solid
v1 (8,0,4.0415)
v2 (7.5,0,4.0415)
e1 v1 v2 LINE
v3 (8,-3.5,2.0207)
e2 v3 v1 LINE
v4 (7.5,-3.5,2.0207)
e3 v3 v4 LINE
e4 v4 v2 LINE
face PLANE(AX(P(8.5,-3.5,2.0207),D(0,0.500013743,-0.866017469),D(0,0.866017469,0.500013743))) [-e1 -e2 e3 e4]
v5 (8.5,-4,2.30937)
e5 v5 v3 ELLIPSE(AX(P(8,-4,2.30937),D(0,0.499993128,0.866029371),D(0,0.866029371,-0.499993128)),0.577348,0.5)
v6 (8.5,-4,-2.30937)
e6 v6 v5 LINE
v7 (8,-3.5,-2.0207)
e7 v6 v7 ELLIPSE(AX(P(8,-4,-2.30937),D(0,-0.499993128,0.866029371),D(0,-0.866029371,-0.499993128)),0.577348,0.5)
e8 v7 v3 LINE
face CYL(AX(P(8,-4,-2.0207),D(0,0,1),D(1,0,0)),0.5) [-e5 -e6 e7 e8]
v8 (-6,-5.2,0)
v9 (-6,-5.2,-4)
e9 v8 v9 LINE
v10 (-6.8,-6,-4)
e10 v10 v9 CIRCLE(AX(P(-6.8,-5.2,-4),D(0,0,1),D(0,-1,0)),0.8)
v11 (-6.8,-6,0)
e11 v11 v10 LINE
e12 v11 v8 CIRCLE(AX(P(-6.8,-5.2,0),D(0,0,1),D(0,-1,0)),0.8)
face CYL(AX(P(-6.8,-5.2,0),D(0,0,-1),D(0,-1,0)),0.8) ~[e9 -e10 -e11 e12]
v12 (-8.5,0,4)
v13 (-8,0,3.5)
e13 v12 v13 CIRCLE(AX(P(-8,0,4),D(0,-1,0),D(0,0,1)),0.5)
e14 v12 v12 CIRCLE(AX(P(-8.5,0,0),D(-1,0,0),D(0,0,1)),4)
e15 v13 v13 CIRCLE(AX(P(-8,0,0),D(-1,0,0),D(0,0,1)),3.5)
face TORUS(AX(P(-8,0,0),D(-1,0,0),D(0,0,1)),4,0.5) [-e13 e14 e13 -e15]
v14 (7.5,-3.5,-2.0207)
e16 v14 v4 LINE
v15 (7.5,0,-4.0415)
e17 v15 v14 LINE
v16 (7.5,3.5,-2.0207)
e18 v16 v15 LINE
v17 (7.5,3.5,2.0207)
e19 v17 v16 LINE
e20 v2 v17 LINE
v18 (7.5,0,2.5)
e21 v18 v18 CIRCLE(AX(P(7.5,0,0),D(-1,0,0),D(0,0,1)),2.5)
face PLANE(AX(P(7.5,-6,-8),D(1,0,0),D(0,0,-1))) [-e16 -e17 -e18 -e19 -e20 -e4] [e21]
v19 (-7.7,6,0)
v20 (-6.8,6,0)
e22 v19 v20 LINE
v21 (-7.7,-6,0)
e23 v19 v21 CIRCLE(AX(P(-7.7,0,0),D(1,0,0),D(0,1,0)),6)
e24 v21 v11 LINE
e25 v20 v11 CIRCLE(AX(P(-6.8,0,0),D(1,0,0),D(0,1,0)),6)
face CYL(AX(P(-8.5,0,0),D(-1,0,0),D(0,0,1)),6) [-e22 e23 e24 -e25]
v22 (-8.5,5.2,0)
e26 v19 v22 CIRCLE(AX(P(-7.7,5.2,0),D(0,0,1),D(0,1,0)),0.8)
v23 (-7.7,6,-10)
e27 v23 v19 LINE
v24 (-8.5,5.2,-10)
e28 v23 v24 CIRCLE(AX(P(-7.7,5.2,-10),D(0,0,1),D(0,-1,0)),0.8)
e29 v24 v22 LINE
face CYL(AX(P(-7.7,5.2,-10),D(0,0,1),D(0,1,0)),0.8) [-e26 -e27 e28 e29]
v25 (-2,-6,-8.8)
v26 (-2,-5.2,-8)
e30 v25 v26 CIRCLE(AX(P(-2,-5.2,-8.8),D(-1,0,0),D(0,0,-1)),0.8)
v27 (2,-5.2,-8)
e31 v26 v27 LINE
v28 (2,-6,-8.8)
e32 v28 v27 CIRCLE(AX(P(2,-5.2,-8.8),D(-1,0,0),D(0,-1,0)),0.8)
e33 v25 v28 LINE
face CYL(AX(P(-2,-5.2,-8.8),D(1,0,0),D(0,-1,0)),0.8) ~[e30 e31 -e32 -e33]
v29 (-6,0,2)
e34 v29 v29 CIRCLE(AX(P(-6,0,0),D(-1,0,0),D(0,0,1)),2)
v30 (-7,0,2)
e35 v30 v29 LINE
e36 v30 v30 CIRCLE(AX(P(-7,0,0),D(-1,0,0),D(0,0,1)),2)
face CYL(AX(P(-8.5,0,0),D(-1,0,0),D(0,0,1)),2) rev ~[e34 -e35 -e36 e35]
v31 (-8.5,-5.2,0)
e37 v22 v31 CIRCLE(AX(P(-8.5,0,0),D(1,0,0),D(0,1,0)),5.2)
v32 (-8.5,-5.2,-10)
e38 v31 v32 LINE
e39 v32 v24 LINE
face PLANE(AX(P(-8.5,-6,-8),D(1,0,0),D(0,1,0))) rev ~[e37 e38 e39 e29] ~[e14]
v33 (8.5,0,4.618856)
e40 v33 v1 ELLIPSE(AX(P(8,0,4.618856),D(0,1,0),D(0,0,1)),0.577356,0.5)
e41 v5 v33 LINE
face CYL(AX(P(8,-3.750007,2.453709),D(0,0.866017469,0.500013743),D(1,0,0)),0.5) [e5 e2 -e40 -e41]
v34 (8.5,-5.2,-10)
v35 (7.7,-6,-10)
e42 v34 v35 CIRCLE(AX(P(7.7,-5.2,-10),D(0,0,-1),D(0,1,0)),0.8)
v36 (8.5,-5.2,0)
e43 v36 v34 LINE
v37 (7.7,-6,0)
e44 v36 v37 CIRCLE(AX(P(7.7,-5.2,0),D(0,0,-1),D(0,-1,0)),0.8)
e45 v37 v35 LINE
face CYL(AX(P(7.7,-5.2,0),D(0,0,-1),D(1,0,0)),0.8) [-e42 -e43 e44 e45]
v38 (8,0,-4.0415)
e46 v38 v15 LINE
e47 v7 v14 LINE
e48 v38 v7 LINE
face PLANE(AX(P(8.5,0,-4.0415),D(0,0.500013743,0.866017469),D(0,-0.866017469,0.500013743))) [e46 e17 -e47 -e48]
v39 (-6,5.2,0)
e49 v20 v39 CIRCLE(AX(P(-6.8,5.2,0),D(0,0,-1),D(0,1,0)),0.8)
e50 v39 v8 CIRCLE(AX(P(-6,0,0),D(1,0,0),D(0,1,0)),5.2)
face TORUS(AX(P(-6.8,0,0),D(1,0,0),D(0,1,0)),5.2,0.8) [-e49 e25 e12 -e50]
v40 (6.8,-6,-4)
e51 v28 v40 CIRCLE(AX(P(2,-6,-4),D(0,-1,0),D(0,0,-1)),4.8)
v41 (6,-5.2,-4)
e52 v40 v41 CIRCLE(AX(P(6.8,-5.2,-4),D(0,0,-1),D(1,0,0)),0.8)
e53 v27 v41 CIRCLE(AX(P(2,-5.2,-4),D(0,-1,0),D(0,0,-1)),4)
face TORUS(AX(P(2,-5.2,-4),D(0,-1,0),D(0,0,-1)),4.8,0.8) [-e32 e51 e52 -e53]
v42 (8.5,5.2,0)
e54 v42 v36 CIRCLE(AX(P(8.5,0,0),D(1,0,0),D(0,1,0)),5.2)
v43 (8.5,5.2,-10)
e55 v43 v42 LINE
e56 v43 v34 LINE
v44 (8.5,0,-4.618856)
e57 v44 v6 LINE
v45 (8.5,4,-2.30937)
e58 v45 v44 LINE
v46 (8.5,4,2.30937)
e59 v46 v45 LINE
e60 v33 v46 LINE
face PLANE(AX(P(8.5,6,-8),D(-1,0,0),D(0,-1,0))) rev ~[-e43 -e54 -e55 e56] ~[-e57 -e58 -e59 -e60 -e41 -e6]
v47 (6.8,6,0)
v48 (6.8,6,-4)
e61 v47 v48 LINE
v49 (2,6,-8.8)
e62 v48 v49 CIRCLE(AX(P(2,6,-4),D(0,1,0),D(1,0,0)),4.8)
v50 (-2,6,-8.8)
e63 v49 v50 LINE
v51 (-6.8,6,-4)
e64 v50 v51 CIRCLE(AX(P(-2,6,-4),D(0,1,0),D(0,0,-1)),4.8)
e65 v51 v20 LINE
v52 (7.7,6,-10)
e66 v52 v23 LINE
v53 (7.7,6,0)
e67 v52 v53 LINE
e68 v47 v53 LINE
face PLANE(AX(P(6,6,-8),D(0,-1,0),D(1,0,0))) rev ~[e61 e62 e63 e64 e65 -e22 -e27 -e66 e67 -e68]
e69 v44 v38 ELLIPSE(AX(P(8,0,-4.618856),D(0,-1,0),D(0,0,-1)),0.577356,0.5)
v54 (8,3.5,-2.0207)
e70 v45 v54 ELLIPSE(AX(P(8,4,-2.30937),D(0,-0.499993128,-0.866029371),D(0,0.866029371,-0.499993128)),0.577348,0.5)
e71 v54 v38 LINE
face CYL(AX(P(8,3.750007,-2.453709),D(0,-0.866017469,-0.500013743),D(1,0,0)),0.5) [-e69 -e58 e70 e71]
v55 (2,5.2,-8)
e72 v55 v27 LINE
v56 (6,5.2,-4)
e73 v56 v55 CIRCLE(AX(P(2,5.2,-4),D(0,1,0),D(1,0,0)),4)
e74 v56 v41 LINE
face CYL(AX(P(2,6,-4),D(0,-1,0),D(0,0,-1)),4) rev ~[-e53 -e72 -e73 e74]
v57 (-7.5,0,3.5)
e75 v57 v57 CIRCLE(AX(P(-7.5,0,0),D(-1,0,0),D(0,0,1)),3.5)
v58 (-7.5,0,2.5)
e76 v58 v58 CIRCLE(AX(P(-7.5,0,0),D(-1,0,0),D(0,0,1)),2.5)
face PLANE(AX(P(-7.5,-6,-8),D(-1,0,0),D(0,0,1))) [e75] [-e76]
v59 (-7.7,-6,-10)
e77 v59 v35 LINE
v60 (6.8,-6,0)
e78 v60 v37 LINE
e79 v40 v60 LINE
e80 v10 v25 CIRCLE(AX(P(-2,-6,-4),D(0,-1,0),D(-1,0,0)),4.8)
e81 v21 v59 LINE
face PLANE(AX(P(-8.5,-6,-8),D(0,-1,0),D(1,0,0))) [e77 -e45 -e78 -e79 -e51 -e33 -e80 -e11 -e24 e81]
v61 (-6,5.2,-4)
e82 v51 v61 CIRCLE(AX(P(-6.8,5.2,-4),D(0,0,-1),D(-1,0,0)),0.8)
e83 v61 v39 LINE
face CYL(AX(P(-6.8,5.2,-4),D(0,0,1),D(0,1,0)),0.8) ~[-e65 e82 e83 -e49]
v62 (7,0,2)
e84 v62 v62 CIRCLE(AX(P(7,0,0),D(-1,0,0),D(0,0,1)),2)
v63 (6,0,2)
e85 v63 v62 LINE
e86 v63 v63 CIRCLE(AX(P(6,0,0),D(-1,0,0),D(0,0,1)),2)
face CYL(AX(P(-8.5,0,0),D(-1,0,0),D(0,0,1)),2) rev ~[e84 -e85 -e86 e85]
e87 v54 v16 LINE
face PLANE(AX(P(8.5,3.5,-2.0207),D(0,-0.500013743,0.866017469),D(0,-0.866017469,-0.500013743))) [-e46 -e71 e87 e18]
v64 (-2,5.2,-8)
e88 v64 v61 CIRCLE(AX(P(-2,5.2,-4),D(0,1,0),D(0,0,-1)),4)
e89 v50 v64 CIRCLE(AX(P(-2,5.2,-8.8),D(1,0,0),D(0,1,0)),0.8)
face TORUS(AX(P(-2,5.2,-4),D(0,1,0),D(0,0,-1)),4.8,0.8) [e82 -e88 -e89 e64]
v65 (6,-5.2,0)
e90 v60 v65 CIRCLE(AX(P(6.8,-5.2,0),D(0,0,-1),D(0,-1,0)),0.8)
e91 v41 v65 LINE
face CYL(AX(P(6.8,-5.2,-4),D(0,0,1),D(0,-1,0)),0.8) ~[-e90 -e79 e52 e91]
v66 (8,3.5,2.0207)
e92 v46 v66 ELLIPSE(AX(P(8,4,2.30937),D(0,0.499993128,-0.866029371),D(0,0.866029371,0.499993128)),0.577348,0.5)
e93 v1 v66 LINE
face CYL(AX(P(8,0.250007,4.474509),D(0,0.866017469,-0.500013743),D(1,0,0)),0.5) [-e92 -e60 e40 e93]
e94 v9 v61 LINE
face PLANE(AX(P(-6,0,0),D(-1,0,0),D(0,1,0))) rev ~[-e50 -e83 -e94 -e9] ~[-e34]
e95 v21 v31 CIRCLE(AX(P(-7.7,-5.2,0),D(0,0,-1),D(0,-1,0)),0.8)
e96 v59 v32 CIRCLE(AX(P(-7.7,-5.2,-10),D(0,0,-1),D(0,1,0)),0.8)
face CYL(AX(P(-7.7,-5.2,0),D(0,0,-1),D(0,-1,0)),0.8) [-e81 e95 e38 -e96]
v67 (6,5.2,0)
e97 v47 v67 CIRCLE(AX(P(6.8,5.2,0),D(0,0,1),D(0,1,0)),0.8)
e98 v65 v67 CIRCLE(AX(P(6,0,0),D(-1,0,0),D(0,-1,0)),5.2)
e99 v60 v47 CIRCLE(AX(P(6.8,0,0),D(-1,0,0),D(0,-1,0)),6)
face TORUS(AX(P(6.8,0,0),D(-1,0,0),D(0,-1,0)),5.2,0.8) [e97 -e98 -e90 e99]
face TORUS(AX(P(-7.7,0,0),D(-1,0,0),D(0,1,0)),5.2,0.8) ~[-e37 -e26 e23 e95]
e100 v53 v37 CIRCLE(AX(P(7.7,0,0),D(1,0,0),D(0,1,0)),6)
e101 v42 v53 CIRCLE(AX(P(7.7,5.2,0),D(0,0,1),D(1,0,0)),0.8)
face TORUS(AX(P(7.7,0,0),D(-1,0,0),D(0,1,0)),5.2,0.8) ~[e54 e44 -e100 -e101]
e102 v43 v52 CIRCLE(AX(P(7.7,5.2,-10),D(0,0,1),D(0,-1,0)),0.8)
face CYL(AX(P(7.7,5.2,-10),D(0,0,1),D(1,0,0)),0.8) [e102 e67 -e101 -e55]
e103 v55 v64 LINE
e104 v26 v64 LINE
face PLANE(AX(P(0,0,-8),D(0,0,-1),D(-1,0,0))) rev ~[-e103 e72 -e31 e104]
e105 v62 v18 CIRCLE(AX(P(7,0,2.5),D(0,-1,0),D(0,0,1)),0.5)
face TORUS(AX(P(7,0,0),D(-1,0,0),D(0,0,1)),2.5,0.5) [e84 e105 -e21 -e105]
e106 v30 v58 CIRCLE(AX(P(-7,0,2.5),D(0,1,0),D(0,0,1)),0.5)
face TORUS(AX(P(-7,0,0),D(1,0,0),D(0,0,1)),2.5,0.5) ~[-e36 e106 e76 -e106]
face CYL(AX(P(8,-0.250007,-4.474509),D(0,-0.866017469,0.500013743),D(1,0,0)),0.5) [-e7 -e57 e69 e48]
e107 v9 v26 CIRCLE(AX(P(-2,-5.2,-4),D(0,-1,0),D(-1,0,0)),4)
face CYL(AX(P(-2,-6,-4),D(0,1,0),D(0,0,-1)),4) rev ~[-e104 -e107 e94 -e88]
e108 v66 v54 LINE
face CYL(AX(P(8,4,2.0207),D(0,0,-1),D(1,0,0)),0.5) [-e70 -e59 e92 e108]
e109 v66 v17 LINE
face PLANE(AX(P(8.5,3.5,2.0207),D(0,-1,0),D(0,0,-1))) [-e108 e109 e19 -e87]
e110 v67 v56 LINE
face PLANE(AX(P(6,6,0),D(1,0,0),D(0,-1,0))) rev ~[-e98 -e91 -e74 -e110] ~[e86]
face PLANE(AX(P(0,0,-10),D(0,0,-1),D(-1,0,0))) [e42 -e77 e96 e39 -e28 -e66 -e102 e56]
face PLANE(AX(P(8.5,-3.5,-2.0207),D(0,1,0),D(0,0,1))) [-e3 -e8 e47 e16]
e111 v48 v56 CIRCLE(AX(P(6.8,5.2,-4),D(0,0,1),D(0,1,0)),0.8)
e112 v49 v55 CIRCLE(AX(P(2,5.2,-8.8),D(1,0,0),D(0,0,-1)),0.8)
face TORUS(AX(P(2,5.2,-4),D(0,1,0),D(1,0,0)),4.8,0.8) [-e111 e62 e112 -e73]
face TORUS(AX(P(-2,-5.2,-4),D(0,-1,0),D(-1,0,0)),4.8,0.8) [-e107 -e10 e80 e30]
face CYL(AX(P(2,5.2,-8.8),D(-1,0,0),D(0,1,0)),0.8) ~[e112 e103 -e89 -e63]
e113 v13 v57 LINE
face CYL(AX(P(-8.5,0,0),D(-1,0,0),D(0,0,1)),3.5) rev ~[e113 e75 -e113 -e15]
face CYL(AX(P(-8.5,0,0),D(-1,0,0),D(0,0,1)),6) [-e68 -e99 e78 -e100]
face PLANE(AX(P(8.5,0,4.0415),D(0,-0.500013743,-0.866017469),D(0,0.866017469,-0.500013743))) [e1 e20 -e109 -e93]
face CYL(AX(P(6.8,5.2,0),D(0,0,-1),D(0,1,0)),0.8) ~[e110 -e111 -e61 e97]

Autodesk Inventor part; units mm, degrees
ref_plane "YZ Plane" through (0, 0, 0) normal (1, 0, 0) x (0, 1, 0)
ref_plane "XZ Plane" through (0, 0, 0) normal (0, 1, 0) x (-1, 0, 0)
ref_plane "XY Plane" through (0, 0, 0) normal (0, 0, 1) x (1, 0, 0)
sketch "Sketch8" plane through (0, 0, 0) normal (0, 0, 1) x (1, 0, 0)
  line L0 (-6, 6) -> (-8.5, 6)
  line L1 (-8.5, 6) -> (-8.5, -6)
  line L2 (-8.5, -6) -> (-6, -6)
  line L3 (-6, -6) -> (-6, 6)
  line L4 (-6, 6) -> (-8.5, -6) construction
  line L5 (-8.5, 6) -> (-6, -6) construction
  line L6 (6, -6) -> (8.5, -6)
  line L7 (8.5, -6) -> (8.5, 6)
  line L8 (8.5, 6) -> (6, 6)
  line L9 (6, 6) -> (6, -6)
  line L10 (6, -6) -> (8.5, 6) construction
  line L11 (8.5, -6) -> (6, 6) construction
  line L12 (0, 8.4) -> (0, -8.4) projected
  line L13 (-11.9, 0) -> (11.9, 0) projected
  line L14 (-6, 6) -> (6, 6) construction
  line L15 (-6, -6) -> (6, -6) construction
  point P0 (0, 0)
  point P1 (-7.25, 0)
  point P2 (7.25, 0)
  dimension "d32" = 12
  dimension "d33" = 2.5
extrude "Extrusion1" add sketch "Sketch8" along normal blind 6 and the other way blind 8
sketch "Sketch9" plane through (-8.5, -6, 6) normal (-1, 0, 0) x (0, 0, 1)
  circle A0 centre (-6, 6) radius 6
  line L0 (0, 12) -> (0, 0) construction
  line L1 (0, 6) -> (-14, 6) construction
  line L2 (-14, 12) -> (-14, 0) construction
  line L3 (0, 12) -> (-14, 12) construction
  line L4 (-14, 12) -> (0, 12) projected
  line L5 (-6, 12) -> (0, 12)
  line L6 (0, 12) -> (0, 0)
  line L7 (0, 0) -> (-6, 0)
  line L8 (-14, 0) -> (0, 0) projected
extrude "Extrusion2" cut sketch "Sketch9" against normal through all contours L6 L7 A0 | A0 L4 L6
sketch "Sketch10" plane through (-8.5, -6, -8) normal (-1, 0, 0) x (0, 0, 1)
  line L0 (8, 6) -> (14, 6) construction
  arc A0 (8, 0) -> (8, 12) centre (8, 6) ccw construction
  line L1 (8, 6) -> (0, 6) construction
  line L2 (0, 12) -> (0, 0) construction
  circle A1 centre (8, 6) radius 2
  dimension "d41" = 4
extrude "Extrusion3" cut sketch "Sketch10" against normal through all
sketch "Sketch11" plane through (-8.5, -6, -8) normal (-1, 0, 0) x (0, 0, 1)
  circle A0 centre (8, 6) radius 3.5
  dimension "d44" = 7
extrude "Extrusion4" cut sketch "Sketch11" against normal blind 1
sketch "Sketch12" plane through (8.5, -6, -8) normal (1, 0, 0) x (0, 0, -1)
  line L0 (-3.9585, 6) -> (-5.9793, 2.5)
  line L1 (-5.9793, 2.5) -> (-10.0207, 2.5)
  line L2 (-10.0207, 2.5) -> (-12.0415, 6)
  line L3 (-12.0415, 6) -> (-10.0207, 9.5)
  line L4 (-10.0207, 9.5) -> (-5.9793, 9.5)
  line L5 (-5.9793, 9.5) -> (-3.9585, 6)
  line L6 (0, 6) -> (-14, 6) construction
  arc A0 (-8, 12) -> (-8, 0) centre (-8, 6) ccw construction
  line L7 (0, 12) -> (0, 0) construction
  dimension "d47" = 7
extrude "Extrusion5" cut sketch "Sketch12" against normal blind 1
sketch "Sketch13" plane through (0, 0, -8) normal (0, 0, -1) x (-1, 0, 0)
  line L0 (-8.5, 6) -> (-8.5, -6) projected
  line L1 (-6, 6) -> (-8.5, 6) projected
  line L2 (8.5, -6) -> (8.5, 6) projected
  line L3 (-8.5, 6) -> (8.5, 6)
  line L4 (8.5, 6) -> (8.5, -6)
  line L5 (8.5, -6) -> (-8.5, -6)
  line L6 (-8.5, -6) -> (-8.5, 6)
  point P0 (0, 0)
extrude "Extrusion6" add sketch "Sketch13" along normal blind 2
fillet "Fillet1" radius 4 2 edges at (-6, 0, -8) (6, 0, -8)
fillet "Fillet2" radius 0.8 13 edges at (6, 6, -2) (6, 0, 6) (6, -6, -2) (0, -6, -8) (-6, -6, -2) (-6, 0, 6) (-6, 6, -2) (-8.5, 6, -5) (-8.5, -6, -5) (-8.5, 0, 6) (8.5, -6, -5) (8.5, 6, -5) (8.5, 0, 6)
fillet "Fillet3" radius 0.5 1 edges at (7.5, 0, -2)
fillet "Fillet4" radius 0.5 1 edges at (-7.5, 0, -2)
fillet "Fillet5" radius 0.5 6 edges at (8.5, -1.75, 3.0311) (8.5, 1.75, 3.0311) (8.5, 3.5, 0) (8.5, 1.75, -3.0311) (8.5, -1.75, -3.0311) (8.5, -3.5, 0)
fillet "Fillet6" radius 0.5 1 edges at (-8.5, 0, -3.5)
equation "\"d32\" = bar_connector_bar_holder_width"
equation "\"d33\" = bar_connector_width"
equation "\"d35\" = bar_connector_length_from_screw_center_to_edge"
equation "\"d36\" = bar_connector_length_from_screw_center_to_box"
equation "\"d41\" = bar_holder_screw_diameter"
equation "\"d44\" = screw_head_diameter"
equation "\"d45\" = bar_connector_screw_depth"
equation "\"d47\" = nut_width"
equation "\"d48\" = bar_connector_screw_depth"
equation "\"d50\" = bar_holder_wall_thickness"
equation "\"bar_connector_width\" = 2.5"
equation "\"bar_connector_screw_depth\" = 1"
equation "\"bar_connector_bar_holder_width\" = bar_holder_bar_diameter + 2 * bar_holder_wall_thickness"
equation "\"bar_connector_length_from_screw_center_to_edge\" = 0.5 * bar_connector_bar_holder_width"
equation "\"bar_connector_length_from_screw_center_to_box\" = 8"
equation "\"bar_holder_screw_diameter\" = 4"
equation "\"screw_head_diameter\" = 7"
equation "\"nut_width\" = 7"
equation "\"bar_holder_wall_thickness\" = 2"
equation "\"bar_holder_bar_diameter\" = 8"
properties part number "board_box_holder" material "Thermoplastic Resin"
